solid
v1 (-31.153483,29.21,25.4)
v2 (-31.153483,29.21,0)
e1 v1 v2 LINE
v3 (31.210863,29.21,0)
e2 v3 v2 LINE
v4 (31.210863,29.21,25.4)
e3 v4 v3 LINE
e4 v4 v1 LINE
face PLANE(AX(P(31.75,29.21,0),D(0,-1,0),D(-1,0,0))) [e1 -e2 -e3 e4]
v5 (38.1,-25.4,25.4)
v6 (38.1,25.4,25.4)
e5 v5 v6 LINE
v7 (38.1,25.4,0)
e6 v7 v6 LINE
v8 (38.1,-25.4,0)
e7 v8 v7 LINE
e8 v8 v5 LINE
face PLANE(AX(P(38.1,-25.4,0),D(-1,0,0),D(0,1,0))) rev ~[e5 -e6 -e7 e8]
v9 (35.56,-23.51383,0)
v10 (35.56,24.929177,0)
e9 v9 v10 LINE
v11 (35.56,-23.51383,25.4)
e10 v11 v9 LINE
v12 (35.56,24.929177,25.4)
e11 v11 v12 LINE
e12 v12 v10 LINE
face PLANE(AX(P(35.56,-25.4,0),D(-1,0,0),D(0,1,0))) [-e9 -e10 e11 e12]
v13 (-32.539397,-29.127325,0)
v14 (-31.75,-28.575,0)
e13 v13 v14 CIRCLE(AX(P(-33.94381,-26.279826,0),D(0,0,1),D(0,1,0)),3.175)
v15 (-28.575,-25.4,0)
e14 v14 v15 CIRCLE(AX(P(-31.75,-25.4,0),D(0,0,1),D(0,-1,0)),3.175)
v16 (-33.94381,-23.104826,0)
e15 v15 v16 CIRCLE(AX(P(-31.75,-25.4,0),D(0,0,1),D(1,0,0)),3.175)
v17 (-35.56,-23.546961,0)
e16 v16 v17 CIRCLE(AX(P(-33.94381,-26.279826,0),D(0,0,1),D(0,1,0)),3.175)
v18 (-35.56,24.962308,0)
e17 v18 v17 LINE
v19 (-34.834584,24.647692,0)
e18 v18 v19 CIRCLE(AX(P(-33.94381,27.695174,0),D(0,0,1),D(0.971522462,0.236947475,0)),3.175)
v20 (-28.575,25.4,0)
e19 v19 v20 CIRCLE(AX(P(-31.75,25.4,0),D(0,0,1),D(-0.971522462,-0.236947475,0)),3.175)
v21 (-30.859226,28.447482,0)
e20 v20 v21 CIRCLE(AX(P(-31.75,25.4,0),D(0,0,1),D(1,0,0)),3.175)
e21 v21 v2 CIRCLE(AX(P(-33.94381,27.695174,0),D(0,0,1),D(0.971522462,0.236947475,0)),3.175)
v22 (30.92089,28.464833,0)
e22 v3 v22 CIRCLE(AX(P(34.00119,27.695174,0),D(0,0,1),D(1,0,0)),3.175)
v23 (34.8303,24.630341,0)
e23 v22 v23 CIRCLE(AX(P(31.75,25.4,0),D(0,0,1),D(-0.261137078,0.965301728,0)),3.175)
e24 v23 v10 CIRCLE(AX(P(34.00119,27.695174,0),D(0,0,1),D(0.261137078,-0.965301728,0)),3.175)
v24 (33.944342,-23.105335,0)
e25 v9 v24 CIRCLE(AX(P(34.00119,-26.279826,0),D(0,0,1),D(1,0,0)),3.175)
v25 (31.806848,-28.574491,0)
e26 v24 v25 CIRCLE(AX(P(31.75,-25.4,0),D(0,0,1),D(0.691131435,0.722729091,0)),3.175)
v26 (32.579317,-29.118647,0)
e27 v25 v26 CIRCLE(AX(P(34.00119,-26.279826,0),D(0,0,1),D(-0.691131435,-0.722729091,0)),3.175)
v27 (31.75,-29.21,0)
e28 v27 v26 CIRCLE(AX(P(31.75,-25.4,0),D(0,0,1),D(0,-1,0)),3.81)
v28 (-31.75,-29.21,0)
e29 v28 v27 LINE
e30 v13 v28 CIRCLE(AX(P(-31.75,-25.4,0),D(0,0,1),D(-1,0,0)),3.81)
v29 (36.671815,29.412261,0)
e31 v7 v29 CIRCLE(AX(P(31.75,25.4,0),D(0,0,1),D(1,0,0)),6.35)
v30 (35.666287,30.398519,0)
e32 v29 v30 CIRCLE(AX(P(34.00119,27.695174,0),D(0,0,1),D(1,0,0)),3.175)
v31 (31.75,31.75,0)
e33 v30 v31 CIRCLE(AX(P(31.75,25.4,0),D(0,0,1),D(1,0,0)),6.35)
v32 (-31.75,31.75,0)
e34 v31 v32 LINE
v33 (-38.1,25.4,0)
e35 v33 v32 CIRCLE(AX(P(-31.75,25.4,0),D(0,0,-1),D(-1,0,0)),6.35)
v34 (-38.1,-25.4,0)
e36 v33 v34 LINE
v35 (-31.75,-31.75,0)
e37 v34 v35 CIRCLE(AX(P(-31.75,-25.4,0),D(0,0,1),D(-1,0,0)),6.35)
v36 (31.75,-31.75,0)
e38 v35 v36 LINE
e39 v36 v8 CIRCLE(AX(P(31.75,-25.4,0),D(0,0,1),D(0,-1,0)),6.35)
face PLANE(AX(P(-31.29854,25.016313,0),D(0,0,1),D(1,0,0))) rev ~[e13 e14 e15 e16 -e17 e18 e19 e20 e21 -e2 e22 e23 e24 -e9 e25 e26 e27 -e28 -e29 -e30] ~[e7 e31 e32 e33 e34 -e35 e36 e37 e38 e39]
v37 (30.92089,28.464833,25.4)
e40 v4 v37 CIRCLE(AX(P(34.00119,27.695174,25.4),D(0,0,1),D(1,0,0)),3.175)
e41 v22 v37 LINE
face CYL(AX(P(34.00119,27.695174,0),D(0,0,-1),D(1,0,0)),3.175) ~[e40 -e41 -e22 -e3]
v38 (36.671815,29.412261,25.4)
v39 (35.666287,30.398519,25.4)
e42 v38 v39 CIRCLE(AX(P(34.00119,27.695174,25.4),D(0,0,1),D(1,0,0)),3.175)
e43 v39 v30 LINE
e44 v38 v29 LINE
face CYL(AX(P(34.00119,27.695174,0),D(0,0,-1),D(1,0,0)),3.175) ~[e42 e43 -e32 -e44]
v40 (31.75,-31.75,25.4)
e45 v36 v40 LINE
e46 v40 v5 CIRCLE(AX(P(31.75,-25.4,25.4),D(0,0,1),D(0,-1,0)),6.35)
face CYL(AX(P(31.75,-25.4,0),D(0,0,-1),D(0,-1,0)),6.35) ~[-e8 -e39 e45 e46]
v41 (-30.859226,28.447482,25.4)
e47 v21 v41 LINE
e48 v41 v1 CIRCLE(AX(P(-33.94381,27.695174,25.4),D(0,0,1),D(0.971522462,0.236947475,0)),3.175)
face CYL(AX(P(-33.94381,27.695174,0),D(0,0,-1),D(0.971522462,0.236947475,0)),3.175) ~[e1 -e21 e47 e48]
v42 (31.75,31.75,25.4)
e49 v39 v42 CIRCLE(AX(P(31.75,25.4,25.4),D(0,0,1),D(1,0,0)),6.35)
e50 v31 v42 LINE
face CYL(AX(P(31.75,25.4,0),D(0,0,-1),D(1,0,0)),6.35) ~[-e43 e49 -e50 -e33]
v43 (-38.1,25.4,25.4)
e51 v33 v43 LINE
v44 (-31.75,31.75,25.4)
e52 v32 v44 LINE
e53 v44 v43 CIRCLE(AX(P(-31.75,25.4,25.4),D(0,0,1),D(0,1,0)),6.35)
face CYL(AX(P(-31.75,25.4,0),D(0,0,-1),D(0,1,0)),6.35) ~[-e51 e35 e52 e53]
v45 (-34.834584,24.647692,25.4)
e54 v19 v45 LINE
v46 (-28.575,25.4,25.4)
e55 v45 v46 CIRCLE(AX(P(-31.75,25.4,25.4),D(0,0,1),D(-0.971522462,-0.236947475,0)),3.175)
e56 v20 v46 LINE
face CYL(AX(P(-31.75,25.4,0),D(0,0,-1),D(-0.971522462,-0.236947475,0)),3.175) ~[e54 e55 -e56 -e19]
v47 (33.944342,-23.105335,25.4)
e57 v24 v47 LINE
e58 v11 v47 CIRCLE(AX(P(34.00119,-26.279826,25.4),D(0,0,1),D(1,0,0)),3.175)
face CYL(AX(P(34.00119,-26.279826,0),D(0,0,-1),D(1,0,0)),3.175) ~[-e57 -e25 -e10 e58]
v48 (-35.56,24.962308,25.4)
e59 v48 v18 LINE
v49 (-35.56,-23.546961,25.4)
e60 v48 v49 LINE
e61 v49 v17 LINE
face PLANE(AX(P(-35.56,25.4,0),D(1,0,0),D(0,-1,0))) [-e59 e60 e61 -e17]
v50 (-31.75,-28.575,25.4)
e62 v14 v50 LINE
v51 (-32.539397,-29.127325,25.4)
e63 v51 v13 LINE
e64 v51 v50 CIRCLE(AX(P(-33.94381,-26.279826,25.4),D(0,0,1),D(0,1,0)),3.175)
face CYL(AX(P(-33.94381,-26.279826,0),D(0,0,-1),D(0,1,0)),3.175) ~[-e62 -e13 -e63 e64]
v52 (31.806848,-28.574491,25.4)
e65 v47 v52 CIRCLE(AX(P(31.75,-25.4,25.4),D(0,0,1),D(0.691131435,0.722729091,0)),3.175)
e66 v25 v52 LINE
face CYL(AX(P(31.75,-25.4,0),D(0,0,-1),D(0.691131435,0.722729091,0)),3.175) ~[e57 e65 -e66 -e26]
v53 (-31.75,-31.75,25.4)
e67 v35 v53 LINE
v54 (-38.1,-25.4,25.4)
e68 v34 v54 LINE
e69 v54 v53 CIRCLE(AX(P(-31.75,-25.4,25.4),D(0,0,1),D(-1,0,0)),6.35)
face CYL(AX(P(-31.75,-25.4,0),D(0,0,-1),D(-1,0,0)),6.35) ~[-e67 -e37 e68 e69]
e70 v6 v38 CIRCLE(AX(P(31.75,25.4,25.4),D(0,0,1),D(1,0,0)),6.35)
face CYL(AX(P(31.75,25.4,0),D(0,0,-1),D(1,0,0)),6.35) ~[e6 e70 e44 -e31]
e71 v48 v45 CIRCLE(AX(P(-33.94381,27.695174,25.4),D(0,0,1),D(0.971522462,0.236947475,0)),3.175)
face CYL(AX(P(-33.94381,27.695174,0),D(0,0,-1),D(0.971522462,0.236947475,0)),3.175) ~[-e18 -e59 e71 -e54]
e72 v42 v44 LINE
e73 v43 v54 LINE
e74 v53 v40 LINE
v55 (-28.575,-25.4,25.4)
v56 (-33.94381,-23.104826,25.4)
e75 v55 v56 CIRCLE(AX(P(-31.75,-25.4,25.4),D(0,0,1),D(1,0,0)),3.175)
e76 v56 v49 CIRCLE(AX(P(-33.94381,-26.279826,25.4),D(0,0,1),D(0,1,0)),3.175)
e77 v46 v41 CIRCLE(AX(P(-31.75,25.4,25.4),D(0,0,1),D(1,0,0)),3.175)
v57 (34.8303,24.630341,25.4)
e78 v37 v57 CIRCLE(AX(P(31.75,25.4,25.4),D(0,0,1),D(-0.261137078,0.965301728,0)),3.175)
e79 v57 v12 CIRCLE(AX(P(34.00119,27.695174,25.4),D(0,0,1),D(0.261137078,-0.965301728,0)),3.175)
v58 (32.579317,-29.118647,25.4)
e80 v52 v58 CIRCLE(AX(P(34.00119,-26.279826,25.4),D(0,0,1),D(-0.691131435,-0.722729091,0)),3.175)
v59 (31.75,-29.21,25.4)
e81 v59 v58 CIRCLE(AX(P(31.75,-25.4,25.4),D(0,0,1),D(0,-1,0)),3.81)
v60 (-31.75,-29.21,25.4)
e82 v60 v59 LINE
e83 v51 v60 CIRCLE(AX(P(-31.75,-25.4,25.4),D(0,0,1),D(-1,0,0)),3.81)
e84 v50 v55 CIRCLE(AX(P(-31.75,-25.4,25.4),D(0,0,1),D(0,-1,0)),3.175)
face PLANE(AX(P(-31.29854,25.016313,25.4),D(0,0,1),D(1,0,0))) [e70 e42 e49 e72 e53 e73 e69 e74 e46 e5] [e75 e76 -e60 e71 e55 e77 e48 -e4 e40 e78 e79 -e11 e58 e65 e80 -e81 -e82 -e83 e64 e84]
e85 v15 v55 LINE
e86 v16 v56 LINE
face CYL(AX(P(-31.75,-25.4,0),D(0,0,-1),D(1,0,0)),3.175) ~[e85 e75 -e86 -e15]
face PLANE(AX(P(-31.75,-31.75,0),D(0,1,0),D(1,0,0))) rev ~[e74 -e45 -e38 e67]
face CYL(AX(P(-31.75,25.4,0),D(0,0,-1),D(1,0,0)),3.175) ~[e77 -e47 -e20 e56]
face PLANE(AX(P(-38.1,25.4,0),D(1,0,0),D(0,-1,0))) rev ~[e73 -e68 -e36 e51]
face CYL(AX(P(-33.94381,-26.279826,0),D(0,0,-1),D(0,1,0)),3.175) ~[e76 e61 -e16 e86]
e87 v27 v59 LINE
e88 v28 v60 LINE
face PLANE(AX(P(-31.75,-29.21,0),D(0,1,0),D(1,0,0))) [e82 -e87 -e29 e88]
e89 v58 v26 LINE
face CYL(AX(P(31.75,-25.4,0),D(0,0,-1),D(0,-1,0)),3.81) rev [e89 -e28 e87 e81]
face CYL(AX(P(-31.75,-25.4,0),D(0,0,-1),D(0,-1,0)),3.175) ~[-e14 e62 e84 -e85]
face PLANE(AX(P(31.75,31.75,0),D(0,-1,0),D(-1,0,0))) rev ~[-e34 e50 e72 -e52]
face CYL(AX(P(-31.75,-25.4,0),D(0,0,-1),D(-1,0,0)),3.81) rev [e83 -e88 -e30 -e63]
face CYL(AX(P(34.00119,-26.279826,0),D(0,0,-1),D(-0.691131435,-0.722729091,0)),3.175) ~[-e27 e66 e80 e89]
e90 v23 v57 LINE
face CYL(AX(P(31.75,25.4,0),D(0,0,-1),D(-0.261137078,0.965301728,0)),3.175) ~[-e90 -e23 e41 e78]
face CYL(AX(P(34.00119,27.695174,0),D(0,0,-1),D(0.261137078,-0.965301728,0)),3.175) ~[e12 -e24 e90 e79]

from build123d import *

# Parameters (mm, degrees)
F1_DEPTH = 25.4
F2_T     = -2.54
F4_DEPTH = 25.4


with BuildPart() as f1:
    # F0 (on Top) → F1 (new body)
    with BuildSketch(Plane.XY):
        with BuildLine():
            Line((-31.75, -31.75), (31.75, -31.75))
            ThreePointArc((31.75, -31.75), (36.2401280605, -29.8901280605), (38.1, -25.4))
            Line((38.1, -25.4), (38.1, 25.4))
            ThreePointArc((38.1, 25.4), (36.2401280605, 29.8901280605), (31.75, 31.75))
            Line((31.75, 31.75), (-31.75, 31.75))
            ThreePointArc((-31.75, 31.75), (-36.2401280605, 29.8901280605), (-38.1, 25.4))
            Line((-38.1, 25.4), (-38.1, -25.4))
            ThreePointArc((-38.1, -25.4), (-36.2401280605, -29.8901280605), (-31.75, -31.75))
        make_face()
    extrude(amount=F1_DEPTH)

    # F2
    f2_openings = [f1.faces().sort_by_distance(p)[0] for p in [
        (0, 0, 0),
        (0, 0, 25.4),
    ]]
    offset(amount=F2_T, openings=f2_openings)

    # F3 (on Top) → F4 (join)
    with BuildSketch(Plane.XY):
        with BuildLine():
            ThreePointArc((-34.8345838171, 24.6476917684), (-31.3711389564, 22.2476850872), (-28.575, 25.4))
            ThreePointArc((-28.575, 25.4), (-29.2094457266, 27.3042607447), (-30.8592261315, 28.4474820615))
            ThreePointArc((-30.8592261315, 28.4474820615), (-30.7914950358, 28.0740348735), (-30.7688099486, 27.6951738299))
            ThreePointArc((-30.7688099486, 27.6951738299), (-32.0395492039, 25.1546195565), (-34.8345838171, 24.6476917684))
        make_face()
        with BuildLine():
            ThreePointArc((-30.7688099486, 27.6951738299), (-30.7914950358, 28.0740348735), (-30.8592261315, 28.4474820615))
            ThreePointArc((-30.8592261315, 28.4474820615), (-33.9438099486, 27.6951738299), (-34.8345838171, 24.6476917684))
            ThreePointArc((-34.8345838171, 24.6476917684), (-32.0395492039, 25.1546195565), (-30.7688099486, 27.6951738299))
        make_face()
        with BuildLine():
            ThreePointArc((-34.8345838171, 24.6476917684), (-33.9438099486, 27.6951738299), (-30.8592261315, 28.4474820615))
            ThreePointArc((-30.8592261315, 28.4474820615), (-36.1376198972, 29.9903476598), (-34.8345838171, 24.6476917684))
        make_face()
        with BuildLine():
            ThreePointArc((-31.75, -28.575), (-29.5049359697, -27.6450640303), (-28.575, -25.4))
            ThreePointArc((-28.575, -25.4), (-30.5019458319, -22.480584683), (-33.9438099486, -23.1048261701))
            ThreePointArc((-33.9438099486, -23.1048261701), (-31.6987459183, -24.0347621398), (-30.7688099486, -26.2798261701))
            ThreePointArc((-30.7688099486, -26.2798261701), (-31.0243946315, -27.5278803382), (-31.75, -28.575))
        make_face()
        with BuildLine():
            ThreePointArc((-30.7688099486, -26.2798261701), (-31.6987459183, -24.0347621398), (-33.9438099486, -23.1048261701))
            ThreePointArc((-33.9438099486, -23.1048261701), (-34.6968459334, -26.5818308022), (-31.75, -28.575))
            ThreePointArc((-31.75, -28.575), (-31.0243946315, -27.5278803382), (-30.7688099486, -26.2798261701))
        make_face()
        with BuildLine():
            ThreePointArc((-31.75, -28.575), (-34.6968459334, -26.5818308022), (-33.9438099486, -23.1048261701))
            ThreePointArc((-33.9438099486, -23.1048261701), (-36.890655882, -27.4616569723), (-31.75, -28.575))
        make_face()
        with BuildLine():
            ThreePointArc((34.8303002747, 24.630340843), (34.9012361362, 25.0122683738), (34.925, 25.4))
            ThreePointArc((34.925, 25.4), (33.6797927403, 27.9212149808), (30.9208897768, 28.4648329869))
            ThreePointArc((30.9208897768, 28.4648329869), (31.7779499244, 25.4284960104), (34.8303002747, 24.630340843))
        make_face()
        with BuildLine():
            ThreePointArc((30.9208897768, 28.4648329869), (33.6797927403, 27.9212149808), (34.925, 25.4))
            ThreePointArc((34.925, 25.4), (34.9012361362, 25.0122683738), (34.8303002747, 24.630340843))
            ThreePointArc((34.8303002747, 24.630340843), (36.5224050322, 25.7653810896), (37.1761900514, 27.6951738299))
            ThreePointArc((37.1761900514, 27.6951738299), (34.3889216777, 30.8464099661), (30.9208897768, 28.4648329869))
        make_face()
        with BuildLine():
            ThreePointArc((34.8303002747, 24.630340843), (31.7779499244, 25.4284960104), (30.9208897768, 28.4648329869))
            ThreePointArc((30.9208897768, 28.4648329869), (29.526759873, 23.1333221805), (34.8303002747, 24.630340843))
        make_face()
        with BuildLine():
            ThreePointArc((31.8068477454, -28.5744910354), (34.015073574, -27.6248745367), (34.925, -25.4))
            ThreePointArc((34.925, -25.4), (34.6695600543, -24.1522844518), (33.944342306, -23.1053351347))
            ThreePointArc((33.944342306, -23.1053351347), (31.0440156013, -25.1240821363), (31.8068477454, -28.5744910354))
        make_face()
        with BuildLine():
            ThreePointArc((33.944342306, -23.1053351347), (34.6695600543, -24.1522844518), (34.925, -25.4))
            ThreePointArc((34.925, -25.4), (34.015073574, -27.6248745367), (31.8068477454, -28.5744910354))
            ThreePointArc((31.8068477454, -28.5744910354), (35.2489055996, -29.1993862244), (37.1761900514, -26.2798261701))
            ThreePointArc((37.1761900514, -26.2798261701), (36.2260645881, -24.0147525961), (33.944342306, -23.1053351347))
        make_face()
        with BuildLine():
            ThreePointArc((31.8068477454, -28.5744910354), (31.0440156013, -25.1240821363), (33.944342306, -23.1053351347))
            ThreePointArc((33.944342306, -23.1053351347), (28.7928255499, -24.2442559662), (31.8068477454, -28.5744910354))
        make_face()
    extrude(amount=F4_DEPTH)


solid = f1.part
